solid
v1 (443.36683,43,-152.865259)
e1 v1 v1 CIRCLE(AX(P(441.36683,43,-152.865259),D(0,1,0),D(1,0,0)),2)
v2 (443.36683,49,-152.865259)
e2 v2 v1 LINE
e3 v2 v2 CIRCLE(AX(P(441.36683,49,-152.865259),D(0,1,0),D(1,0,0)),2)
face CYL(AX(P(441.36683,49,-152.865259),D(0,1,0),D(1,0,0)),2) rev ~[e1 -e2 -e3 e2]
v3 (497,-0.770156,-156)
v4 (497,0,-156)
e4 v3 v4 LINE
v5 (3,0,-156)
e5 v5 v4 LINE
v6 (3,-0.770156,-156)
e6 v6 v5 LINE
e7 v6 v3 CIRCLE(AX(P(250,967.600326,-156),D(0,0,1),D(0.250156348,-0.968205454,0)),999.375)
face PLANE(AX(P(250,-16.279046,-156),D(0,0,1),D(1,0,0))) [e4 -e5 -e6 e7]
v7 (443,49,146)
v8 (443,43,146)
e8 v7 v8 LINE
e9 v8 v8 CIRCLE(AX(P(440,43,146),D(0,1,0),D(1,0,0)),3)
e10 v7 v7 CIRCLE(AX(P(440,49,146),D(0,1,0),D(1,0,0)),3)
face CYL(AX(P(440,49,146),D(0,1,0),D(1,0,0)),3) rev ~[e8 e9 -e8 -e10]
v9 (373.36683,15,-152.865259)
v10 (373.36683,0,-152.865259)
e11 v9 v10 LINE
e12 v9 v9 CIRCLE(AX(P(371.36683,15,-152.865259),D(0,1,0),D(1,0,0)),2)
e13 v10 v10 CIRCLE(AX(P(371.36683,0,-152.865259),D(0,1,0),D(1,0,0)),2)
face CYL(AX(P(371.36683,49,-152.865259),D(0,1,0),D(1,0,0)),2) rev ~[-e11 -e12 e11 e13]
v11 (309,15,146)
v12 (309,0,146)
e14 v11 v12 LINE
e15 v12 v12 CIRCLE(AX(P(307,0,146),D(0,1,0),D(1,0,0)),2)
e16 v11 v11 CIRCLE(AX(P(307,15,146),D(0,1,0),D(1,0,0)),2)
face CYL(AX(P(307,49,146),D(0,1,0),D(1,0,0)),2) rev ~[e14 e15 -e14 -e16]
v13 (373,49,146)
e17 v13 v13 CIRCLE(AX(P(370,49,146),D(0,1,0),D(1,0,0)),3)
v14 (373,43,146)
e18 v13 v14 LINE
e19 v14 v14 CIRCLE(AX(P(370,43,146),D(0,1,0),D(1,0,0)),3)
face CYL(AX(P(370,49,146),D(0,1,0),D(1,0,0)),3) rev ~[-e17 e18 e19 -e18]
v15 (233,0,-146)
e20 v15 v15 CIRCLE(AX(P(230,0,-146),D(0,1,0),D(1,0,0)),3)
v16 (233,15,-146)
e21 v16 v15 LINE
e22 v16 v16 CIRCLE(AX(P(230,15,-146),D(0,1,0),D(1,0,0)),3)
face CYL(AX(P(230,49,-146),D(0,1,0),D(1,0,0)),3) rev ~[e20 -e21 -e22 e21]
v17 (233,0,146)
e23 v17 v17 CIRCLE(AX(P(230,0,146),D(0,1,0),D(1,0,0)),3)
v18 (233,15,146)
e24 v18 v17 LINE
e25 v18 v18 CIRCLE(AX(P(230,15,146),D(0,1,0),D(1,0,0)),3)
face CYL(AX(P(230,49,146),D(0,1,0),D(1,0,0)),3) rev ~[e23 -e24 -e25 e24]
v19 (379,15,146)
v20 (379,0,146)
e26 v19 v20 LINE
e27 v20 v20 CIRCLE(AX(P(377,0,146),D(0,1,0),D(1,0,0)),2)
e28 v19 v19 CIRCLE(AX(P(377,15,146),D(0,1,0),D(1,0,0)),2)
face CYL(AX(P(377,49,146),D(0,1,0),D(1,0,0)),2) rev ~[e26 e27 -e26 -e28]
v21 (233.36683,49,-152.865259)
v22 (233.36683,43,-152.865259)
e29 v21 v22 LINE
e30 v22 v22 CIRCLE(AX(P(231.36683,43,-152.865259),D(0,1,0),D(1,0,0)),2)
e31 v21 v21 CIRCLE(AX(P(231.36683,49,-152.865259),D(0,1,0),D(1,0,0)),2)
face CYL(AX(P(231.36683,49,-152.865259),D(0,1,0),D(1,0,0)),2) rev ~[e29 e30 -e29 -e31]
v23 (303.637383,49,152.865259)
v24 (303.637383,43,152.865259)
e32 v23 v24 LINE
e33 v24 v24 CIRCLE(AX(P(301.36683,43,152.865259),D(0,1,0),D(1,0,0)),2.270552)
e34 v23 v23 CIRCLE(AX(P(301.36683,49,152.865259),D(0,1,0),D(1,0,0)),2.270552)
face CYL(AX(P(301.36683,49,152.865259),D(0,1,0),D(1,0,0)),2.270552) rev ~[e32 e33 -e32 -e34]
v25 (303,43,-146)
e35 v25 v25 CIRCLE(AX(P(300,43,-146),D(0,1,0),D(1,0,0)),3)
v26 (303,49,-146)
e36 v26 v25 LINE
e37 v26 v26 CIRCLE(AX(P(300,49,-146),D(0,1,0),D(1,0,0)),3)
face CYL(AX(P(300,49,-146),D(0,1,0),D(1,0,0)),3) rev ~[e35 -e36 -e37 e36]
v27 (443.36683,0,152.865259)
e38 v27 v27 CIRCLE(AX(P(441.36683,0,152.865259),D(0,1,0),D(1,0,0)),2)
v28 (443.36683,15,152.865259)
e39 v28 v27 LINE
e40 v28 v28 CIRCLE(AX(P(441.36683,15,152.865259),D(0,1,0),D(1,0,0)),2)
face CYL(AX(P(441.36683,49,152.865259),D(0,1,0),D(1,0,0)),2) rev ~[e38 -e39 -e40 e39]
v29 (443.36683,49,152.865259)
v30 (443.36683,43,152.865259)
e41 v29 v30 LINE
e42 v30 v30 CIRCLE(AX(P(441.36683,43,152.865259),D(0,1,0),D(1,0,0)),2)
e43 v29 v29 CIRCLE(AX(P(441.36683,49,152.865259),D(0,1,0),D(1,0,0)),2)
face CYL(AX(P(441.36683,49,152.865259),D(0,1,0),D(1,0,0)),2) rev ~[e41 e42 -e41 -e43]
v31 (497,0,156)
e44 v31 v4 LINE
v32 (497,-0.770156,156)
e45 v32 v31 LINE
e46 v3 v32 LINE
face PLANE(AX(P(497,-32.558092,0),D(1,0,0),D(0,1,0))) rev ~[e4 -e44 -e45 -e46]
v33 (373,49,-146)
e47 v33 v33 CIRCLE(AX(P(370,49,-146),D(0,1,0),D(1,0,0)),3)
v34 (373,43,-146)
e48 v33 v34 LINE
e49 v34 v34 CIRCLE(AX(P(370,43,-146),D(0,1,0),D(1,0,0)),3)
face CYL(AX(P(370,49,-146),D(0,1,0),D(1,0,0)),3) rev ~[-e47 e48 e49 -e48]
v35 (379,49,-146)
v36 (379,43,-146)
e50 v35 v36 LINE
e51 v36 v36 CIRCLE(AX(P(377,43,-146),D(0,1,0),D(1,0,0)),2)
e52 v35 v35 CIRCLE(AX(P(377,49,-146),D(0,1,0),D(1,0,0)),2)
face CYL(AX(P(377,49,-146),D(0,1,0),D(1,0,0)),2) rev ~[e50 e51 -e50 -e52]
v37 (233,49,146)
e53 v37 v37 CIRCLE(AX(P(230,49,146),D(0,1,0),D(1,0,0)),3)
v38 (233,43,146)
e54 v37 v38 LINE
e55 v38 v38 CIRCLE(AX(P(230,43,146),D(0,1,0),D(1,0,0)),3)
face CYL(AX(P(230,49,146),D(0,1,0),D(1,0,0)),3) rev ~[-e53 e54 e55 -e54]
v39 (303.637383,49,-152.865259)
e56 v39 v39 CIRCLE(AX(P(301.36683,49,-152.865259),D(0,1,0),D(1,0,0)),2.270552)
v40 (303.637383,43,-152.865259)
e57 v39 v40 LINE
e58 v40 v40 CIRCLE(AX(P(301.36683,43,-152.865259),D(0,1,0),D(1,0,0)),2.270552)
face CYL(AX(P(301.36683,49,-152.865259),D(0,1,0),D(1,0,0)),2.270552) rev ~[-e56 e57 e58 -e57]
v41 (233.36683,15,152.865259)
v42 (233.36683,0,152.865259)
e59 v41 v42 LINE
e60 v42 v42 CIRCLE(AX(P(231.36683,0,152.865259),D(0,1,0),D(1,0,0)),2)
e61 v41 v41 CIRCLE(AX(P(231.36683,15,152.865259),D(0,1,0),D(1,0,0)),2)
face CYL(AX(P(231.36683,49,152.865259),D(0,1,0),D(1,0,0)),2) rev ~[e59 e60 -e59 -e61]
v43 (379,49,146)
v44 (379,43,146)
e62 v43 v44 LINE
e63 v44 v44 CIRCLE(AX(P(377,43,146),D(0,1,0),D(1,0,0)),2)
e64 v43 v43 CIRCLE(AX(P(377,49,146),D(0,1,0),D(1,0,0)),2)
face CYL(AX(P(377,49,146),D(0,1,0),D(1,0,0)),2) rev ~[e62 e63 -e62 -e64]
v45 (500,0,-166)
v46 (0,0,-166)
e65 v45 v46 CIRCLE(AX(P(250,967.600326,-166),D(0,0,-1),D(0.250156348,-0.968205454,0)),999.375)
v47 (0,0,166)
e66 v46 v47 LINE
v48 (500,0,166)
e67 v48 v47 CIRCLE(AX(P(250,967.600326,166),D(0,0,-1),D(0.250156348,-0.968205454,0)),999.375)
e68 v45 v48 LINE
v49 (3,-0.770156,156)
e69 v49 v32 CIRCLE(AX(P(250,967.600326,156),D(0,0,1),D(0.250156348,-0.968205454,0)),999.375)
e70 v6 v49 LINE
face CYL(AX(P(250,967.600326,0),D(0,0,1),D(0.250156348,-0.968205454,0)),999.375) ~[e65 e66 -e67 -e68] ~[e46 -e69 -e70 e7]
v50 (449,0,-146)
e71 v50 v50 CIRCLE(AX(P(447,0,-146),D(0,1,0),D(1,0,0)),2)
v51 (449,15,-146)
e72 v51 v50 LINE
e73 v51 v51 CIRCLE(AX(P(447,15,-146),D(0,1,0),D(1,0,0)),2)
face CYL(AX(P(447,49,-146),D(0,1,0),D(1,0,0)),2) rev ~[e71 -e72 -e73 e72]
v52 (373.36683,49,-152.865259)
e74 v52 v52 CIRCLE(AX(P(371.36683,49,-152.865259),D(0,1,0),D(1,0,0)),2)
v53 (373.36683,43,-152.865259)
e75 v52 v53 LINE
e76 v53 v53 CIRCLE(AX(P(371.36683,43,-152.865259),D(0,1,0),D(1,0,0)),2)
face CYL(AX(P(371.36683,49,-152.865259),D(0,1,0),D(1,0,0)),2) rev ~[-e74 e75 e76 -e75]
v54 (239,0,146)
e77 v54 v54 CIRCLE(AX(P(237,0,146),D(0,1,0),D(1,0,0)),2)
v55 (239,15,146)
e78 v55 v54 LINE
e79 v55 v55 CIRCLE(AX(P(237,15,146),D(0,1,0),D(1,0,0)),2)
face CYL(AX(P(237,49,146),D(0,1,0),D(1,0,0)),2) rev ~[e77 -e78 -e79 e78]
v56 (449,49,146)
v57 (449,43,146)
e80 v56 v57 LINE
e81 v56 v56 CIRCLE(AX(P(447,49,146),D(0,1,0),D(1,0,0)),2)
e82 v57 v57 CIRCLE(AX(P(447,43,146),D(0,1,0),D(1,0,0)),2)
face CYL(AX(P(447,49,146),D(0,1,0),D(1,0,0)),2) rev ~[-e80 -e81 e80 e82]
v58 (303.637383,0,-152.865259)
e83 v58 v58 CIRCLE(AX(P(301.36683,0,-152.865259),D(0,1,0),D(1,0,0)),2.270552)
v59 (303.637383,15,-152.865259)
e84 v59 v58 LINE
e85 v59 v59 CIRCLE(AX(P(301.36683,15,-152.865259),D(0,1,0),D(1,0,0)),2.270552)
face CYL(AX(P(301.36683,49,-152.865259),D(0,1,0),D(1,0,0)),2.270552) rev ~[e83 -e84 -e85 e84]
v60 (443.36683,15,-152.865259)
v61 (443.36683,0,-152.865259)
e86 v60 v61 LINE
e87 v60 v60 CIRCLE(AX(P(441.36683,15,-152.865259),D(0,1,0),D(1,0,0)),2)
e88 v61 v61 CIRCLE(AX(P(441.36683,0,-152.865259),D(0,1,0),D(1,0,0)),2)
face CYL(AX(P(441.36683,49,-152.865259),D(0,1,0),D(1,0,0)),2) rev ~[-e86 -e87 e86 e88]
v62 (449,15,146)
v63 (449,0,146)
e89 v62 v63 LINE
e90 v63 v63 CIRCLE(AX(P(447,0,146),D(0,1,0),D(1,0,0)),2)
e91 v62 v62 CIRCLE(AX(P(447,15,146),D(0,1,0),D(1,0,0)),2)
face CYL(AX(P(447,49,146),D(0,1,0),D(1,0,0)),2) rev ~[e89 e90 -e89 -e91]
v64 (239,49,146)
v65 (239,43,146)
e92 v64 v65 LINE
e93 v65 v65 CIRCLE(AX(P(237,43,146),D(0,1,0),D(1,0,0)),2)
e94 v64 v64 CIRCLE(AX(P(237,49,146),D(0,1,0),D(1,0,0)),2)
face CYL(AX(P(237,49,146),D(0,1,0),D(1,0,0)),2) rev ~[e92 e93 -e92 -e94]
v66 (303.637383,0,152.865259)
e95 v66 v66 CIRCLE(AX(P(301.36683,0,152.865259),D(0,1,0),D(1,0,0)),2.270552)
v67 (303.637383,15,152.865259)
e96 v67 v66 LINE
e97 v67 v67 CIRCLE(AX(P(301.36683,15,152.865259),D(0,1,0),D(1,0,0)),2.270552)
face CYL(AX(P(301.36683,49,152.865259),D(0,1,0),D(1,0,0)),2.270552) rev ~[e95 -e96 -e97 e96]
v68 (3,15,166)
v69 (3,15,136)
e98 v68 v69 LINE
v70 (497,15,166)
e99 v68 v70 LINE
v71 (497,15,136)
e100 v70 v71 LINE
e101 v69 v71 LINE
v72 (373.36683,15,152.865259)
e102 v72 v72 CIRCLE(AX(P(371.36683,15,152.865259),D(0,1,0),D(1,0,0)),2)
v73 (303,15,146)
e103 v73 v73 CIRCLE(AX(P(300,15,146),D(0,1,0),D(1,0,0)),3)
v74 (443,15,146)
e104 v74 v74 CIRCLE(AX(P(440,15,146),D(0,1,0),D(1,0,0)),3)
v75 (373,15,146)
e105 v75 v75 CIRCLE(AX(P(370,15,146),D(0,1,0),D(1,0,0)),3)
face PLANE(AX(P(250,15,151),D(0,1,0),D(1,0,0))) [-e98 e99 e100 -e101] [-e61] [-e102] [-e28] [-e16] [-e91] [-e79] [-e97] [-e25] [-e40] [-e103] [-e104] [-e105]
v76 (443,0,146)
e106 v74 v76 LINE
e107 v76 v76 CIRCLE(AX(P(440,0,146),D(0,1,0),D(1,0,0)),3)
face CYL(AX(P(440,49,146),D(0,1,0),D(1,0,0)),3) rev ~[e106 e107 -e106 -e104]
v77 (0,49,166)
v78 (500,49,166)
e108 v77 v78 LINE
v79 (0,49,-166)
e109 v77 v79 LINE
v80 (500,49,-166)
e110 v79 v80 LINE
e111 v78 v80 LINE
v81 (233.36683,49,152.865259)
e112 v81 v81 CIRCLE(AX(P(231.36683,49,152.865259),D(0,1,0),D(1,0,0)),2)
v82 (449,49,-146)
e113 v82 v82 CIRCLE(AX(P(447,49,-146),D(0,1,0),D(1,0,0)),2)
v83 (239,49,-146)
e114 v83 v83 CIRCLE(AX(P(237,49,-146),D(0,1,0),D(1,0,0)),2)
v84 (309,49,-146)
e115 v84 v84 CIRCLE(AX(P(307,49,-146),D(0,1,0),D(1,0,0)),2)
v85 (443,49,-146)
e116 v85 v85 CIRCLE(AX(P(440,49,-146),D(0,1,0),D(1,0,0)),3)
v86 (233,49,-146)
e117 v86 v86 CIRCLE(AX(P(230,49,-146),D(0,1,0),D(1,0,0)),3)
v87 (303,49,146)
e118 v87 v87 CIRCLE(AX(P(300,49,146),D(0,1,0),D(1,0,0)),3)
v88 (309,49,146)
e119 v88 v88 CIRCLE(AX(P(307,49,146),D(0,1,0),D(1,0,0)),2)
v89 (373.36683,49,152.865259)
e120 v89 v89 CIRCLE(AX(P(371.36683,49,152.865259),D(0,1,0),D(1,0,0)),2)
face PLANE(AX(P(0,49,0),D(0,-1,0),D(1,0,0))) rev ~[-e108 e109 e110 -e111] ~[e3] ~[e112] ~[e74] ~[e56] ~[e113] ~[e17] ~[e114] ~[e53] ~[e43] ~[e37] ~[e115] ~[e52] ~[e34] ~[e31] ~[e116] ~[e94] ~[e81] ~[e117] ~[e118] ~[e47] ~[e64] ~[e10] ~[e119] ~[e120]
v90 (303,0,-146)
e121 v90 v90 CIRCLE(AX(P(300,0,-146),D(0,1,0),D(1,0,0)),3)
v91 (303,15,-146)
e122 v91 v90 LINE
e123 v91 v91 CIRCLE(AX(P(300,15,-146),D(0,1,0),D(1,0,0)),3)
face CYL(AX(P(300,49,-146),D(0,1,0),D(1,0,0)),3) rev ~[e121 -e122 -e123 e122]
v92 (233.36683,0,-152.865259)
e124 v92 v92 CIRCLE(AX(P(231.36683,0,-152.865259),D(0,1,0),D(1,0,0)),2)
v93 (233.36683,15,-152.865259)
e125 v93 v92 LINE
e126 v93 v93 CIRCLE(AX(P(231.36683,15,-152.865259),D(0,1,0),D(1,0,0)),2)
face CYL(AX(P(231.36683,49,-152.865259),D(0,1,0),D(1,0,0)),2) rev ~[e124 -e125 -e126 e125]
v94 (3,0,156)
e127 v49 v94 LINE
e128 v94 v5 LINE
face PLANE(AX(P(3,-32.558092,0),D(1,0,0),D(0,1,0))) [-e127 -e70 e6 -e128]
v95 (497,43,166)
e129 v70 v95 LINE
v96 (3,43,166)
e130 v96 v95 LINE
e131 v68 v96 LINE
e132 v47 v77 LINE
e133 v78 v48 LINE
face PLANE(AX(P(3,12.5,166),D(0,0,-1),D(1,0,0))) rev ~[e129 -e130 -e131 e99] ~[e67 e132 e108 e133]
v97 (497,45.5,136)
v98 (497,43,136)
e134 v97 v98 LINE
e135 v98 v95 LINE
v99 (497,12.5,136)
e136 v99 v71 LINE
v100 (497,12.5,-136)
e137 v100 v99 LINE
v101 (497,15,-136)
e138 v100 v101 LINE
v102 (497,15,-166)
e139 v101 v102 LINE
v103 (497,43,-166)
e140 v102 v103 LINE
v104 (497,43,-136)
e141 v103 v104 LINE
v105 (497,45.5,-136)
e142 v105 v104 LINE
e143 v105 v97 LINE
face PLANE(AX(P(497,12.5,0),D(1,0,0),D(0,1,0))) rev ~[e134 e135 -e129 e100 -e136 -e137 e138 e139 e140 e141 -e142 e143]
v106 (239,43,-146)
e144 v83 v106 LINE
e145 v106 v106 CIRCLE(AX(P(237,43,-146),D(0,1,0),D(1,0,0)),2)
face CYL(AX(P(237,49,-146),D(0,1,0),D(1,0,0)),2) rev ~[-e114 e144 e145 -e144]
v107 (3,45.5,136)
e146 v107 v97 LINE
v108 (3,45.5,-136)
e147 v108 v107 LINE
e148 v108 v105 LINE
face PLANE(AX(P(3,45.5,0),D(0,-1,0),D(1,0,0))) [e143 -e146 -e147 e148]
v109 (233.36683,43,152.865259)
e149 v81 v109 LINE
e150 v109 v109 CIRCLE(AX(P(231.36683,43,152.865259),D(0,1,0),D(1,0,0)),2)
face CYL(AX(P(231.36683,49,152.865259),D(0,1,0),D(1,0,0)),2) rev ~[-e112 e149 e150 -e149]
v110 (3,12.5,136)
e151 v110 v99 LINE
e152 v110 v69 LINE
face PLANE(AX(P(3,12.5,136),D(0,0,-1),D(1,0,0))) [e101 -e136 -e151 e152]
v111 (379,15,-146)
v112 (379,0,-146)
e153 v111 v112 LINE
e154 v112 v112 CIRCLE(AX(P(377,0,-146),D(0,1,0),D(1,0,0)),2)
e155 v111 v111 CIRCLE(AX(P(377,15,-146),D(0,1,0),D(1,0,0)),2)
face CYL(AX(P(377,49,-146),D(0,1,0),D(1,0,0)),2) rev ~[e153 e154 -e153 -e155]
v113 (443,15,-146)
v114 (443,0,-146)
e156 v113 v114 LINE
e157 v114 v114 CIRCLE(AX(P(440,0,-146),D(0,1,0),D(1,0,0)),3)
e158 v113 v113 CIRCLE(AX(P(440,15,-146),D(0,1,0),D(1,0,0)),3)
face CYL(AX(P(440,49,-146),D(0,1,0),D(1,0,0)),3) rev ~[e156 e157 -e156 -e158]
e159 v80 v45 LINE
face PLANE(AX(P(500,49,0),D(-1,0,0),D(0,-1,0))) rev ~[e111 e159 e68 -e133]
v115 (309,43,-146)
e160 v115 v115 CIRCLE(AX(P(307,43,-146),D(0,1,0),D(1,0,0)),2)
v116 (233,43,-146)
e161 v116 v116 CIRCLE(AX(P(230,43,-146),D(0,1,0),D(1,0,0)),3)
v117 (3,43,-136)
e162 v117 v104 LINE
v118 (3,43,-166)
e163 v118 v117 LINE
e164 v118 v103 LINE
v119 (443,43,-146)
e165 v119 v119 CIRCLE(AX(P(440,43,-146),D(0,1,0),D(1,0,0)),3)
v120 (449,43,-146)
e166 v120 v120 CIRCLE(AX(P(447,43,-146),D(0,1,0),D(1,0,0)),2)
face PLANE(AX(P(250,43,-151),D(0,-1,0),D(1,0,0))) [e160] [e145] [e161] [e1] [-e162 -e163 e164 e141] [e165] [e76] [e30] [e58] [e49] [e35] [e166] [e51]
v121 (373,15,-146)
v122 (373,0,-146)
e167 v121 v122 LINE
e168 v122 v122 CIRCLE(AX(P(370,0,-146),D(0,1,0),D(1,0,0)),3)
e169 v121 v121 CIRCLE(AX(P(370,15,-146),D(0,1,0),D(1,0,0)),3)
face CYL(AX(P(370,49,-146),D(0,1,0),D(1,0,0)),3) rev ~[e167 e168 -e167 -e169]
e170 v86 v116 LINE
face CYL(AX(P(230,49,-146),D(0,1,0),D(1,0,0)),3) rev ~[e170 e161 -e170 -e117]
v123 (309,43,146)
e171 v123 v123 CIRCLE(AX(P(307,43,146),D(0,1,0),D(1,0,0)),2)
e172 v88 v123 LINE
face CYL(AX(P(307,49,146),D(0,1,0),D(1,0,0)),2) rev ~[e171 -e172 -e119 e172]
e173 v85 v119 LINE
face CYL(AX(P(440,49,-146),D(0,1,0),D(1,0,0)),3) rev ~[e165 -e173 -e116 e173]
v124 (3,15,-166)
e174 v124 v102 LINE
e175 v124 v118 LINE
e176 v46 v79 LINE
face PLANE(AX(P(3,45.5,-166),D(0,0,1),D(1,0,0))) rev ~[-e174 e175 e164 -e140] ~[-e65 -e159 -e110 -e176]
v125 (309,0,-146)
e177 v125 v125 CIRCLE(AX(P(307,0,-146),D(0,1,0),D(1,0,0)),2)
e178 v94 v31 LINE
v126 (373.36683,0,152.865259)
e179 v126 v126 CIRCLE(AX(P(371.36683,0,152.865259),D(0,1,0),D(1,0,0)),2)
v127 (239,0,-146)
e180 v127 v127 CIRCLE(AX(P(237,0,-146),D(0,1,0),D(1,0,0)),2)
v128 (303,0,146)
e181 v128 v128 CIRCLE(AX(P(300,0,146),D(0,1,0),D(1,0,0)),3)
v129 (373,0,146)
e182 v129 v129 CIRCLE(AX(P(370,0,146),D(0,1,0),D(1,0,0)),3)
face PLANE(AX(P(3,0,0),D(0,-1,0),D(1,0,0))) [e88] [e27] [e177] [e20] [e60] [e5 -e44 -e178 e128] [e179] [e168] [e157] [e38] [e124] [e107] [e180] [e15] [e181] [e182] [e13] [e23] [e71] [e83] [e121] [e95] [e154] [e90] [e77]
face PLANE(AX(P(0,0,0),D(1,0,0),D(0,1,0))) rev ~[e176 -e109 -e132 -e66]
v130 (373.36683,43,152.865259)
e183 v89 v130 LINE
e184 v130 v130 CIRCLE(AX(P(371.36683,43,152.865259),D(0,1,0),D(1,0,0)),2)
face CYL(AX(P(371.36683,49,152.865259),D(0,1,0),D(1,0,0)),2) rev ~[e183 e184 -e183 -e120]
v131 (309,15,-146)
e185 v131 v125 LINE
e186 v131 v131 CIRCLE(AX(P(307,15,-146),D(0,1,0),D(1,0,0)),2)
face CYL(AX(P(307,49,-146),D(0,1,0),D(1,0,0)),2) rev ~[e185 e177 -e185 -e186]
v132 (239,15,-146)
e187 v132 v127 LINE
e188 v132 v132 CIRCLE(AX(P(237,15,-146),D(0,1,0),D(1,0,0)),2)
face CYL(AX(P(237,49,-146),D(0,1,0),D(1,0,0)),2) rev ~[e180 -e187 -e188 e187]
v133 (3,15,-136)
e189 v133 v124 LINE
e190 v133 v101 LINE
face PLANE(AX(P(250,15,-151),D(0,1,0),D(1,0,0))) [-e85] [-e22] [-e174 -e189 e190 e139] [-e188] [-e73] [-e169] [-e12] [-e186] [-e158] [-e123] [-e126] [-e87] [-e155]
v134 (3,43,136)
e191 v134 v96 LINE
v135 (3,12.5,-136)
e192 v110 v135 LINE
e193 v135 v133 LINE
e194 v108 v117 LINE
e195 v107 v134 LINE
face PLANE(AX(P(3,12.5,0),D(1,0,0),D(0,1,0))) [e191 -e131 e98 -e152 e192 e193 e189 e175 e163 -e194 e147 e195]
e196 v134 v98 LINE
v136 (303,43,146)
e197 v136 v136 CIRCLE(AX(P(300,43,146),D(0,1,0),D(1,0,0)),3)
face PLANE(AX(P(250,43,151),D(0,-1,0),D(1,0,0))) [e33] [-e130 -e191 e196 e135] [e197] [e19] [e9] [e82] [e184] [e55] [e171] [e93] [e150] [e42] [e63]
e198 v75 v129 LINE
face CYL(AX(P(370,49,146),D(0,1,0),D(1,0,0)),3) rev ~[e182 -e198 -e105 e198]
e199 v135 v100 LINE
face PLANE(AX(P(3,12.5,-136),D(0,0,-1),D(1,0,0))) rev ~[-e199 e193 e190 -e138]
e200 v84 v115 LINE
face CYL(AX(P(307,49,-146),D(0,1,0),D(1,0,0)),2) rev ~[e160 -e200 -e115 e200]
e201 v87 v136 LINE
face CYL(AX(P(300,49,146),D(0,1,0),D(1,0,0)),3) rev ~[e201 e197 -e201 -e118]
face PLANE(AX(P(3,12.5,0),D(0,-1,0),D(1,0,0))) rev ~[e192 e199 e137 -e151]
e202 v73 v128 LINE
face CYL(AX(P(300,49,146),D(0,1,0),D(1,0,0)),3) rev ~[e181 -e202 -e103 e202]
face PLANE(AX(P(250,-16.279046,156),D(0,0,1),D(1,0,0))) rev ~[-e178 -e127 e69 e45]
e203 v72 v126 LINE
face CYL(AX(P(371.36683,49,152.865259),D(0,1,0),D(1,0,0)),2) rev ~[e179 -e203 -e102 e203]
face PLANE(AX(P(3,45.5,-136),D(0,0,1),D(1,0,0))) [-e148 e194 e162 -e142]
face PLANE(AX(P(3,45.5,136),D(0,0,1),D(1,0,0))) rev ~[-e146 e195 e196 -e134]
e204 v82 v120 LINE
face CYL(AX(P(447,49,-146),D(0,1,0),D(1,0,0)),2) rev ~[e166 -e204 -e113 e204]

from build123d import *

# Parameters (mm, degrees)
SKETCH1_W               = 494
SKETCH1_H               = 33
BOSS_EXTRUDE2_DEPTH     = 166
SKETCH6_W               = 494
SKETCH6_H               = 32.558092213
CUT_EXTRUDE2_DEPTH      = 156
SKETCH8_W               = 494
SKETCH8_H               = 30
BOSS_EXTRUDE3_DEPTH     = 2.5
SKETCH9_W               = 494
SKETCH9_H               = 30
BOSS_EXTRUDE4_DEPTH     = 2.5
SKETCH10_W              = 494
SKETCH10_H              = 30
BOSS_EXTRUDE5_DEPTH     = 2.5
SKETCH11_W              = 494
SKETCH11_H              = 30
BOSS_EXTRUDE6_DEPTH     = 2.5
SKETCH7_R               = 3
SKETCH7_R_2             = 2
SKETCH7_R_3             = 2.270552225
CUT_EXTRUDE3_DEPTH      = 1
CUT_EXTRUDE3_DEPTH_BACK = 81.774674129


with BuildPart() as part:
    # Sketch1 → Boss-Extrude2 (new body, symmetric)
    with BuildSketch(Plane.XY):
        with BuildLine():
            Line((0, 0), (0, 49))
            Line((0, 49), (500, 49))
            Line((500, 49), (500, 0))
            ThreePointArc((500, 0), (250, -31.774674129), (0, 0))
        make_face()
        with Locations((250, 29)):
            Rectangle(SKETCH1_W, SKETCH1_H, mode=Mode.SUBTRACT)
    extrude(amount=BOSS_EXTRUDE2_DEPTH, both=True)

    # Sketch6 → Cut-Extrude2 (cut, symmetric)
    with BuildSketch(Plane.XY):
        with Locations((250, -16.279046107)):
            Rectangle(SKETCH6_W, SKETCH6_H)
    extrude(amount=CUT_EXTRUDE2_DEPTH, both=True, mode=Mode.SUBTRACT)

    # Sketch8 → Boss-Extrude3 (add)
    with BuildSketch(Plane(origin=(0, 12.5, 0), x_dir=(1, 0, 0), z_dir=(0, 1, 0))):
        with Locations((250, -151)):
            Rectangle(SKETCH8_W, SKETCH8_H)
    extrude(amount=BOSS_EXTRUDE3_DEPTH)

    # Sketch9 → Boss-Extrude4 (add)
    with BuildSketch(Plane.XZ.offset(-45.5)):
        with Locations((250, 151)):
            Rectangle(SKETCH9_W, SKETCH9_H)
    extrude(amount=BOSS_EXTRUDE4_DEPTH)

    # Sketch10 → Boss-Extrude5 (add)
    with BuildSketch(Plane.XZ.offset(-45.5)):
        with Locations((250, -151)):
            Rectangle(SKETCH10_W, SKETCH10_H)
    extrude(amount=BOSS_EXTRUDE5_DEPTH)

    # Sketch11 → Boss-Extrude6 (add)
    with BuildSketch(Plane(origin=(0, 12.5, 0), x_dir=(1, 0, 0), z_dir=(0, 1, 0))):
        with Locations((250, 151)):
            Rectangle(SKETCH11_W, SKETCH11_H)
    extrude(amount=BOSS_EXTRUDE6_DEPTH)

    # Sketch7 → Cut-Extrude3 (cut, two sides)
    with BuildSketch(Plane(origin=(0, 49, 0), x_dir=(1, 0, 0), z_dir=(0, 1, 0))) as cut_extrude3_sk:
        with Locations((230, -146)):
            Circle(SKETCH7_R)
        with Locations((300, -146)):
            Circle(SKETCH7_R)
        with Locations((370, -146)):
            Circle(SKETCH7_R)
        with Locations((440, -146)):
            Circle(SKETCH7_R)
        with Locations((231.366830489, -152.86525851)):
            Circle(SKETCH7_R_2)
        with Locations((301.366830489, -152.86525851)):
            Circle(SKETCH7_R_3)
        with Locations((371.366830489, -152.86525851)):
            Circle(SKETCH7_R_2)
        with Locations((441.366830489, -152.86525851)):
            Circle(SKETCH7_R_2)
        with Locations((237, -146)):
            Circle(SKETCH7_R_2)
        with Locations((307, -146)):
            Circle(SKETCH7_R_2)
        with Locations((377, -146)):
            Circle(SKETCH7_R_2)
        with Locations((447, -146)):
            Circle(SKETCH7_R_2)
        with Locations((440, 146)):
            Circle(SKETCH7_R)
        with Locations((370, 146)):
            Circle(SKETCH7_R)
        with Locations((300, 146)):
            Circle(SKETCH7_R)
        with Locations((230, 146)):
            Circle(SKETCH7_R)
        with Locations((441.366830489, 152.86525851)):
            Circle(SKETCH7_R_2)
        with Locations((447, 146)):
            Circle(SKETCH7_R_2)
        with Locations((371.366830489, 152.86525851)):
            Circle(SKETCH7_R_2)
        with Locations((377, 146)):
            Circle(SKETCH7_R_2)
        with Locations((307, 146)):
            Circle(SKETCH7_R_2)
        with Locations((301.366830489, 152.86525851)):
            Circle(SKETCH7_R_3)
        with Locations((237, 146)):
            Circle(SKETCH7_R_2)
        with Locations((231.366830489, 152.86525851)):
            Circle(SKETCH7_R_2)
    extrude(amount=CUT_EXTRUDE3_DEPTH, mode=Mode.SUBTRACT)
    extrude(cut_extrude3_sk.sketch, amount=-CUT_EXTRUDE3_DEPTH_BACK, mode=Mode.SUBTRACT)


solid = part.part
